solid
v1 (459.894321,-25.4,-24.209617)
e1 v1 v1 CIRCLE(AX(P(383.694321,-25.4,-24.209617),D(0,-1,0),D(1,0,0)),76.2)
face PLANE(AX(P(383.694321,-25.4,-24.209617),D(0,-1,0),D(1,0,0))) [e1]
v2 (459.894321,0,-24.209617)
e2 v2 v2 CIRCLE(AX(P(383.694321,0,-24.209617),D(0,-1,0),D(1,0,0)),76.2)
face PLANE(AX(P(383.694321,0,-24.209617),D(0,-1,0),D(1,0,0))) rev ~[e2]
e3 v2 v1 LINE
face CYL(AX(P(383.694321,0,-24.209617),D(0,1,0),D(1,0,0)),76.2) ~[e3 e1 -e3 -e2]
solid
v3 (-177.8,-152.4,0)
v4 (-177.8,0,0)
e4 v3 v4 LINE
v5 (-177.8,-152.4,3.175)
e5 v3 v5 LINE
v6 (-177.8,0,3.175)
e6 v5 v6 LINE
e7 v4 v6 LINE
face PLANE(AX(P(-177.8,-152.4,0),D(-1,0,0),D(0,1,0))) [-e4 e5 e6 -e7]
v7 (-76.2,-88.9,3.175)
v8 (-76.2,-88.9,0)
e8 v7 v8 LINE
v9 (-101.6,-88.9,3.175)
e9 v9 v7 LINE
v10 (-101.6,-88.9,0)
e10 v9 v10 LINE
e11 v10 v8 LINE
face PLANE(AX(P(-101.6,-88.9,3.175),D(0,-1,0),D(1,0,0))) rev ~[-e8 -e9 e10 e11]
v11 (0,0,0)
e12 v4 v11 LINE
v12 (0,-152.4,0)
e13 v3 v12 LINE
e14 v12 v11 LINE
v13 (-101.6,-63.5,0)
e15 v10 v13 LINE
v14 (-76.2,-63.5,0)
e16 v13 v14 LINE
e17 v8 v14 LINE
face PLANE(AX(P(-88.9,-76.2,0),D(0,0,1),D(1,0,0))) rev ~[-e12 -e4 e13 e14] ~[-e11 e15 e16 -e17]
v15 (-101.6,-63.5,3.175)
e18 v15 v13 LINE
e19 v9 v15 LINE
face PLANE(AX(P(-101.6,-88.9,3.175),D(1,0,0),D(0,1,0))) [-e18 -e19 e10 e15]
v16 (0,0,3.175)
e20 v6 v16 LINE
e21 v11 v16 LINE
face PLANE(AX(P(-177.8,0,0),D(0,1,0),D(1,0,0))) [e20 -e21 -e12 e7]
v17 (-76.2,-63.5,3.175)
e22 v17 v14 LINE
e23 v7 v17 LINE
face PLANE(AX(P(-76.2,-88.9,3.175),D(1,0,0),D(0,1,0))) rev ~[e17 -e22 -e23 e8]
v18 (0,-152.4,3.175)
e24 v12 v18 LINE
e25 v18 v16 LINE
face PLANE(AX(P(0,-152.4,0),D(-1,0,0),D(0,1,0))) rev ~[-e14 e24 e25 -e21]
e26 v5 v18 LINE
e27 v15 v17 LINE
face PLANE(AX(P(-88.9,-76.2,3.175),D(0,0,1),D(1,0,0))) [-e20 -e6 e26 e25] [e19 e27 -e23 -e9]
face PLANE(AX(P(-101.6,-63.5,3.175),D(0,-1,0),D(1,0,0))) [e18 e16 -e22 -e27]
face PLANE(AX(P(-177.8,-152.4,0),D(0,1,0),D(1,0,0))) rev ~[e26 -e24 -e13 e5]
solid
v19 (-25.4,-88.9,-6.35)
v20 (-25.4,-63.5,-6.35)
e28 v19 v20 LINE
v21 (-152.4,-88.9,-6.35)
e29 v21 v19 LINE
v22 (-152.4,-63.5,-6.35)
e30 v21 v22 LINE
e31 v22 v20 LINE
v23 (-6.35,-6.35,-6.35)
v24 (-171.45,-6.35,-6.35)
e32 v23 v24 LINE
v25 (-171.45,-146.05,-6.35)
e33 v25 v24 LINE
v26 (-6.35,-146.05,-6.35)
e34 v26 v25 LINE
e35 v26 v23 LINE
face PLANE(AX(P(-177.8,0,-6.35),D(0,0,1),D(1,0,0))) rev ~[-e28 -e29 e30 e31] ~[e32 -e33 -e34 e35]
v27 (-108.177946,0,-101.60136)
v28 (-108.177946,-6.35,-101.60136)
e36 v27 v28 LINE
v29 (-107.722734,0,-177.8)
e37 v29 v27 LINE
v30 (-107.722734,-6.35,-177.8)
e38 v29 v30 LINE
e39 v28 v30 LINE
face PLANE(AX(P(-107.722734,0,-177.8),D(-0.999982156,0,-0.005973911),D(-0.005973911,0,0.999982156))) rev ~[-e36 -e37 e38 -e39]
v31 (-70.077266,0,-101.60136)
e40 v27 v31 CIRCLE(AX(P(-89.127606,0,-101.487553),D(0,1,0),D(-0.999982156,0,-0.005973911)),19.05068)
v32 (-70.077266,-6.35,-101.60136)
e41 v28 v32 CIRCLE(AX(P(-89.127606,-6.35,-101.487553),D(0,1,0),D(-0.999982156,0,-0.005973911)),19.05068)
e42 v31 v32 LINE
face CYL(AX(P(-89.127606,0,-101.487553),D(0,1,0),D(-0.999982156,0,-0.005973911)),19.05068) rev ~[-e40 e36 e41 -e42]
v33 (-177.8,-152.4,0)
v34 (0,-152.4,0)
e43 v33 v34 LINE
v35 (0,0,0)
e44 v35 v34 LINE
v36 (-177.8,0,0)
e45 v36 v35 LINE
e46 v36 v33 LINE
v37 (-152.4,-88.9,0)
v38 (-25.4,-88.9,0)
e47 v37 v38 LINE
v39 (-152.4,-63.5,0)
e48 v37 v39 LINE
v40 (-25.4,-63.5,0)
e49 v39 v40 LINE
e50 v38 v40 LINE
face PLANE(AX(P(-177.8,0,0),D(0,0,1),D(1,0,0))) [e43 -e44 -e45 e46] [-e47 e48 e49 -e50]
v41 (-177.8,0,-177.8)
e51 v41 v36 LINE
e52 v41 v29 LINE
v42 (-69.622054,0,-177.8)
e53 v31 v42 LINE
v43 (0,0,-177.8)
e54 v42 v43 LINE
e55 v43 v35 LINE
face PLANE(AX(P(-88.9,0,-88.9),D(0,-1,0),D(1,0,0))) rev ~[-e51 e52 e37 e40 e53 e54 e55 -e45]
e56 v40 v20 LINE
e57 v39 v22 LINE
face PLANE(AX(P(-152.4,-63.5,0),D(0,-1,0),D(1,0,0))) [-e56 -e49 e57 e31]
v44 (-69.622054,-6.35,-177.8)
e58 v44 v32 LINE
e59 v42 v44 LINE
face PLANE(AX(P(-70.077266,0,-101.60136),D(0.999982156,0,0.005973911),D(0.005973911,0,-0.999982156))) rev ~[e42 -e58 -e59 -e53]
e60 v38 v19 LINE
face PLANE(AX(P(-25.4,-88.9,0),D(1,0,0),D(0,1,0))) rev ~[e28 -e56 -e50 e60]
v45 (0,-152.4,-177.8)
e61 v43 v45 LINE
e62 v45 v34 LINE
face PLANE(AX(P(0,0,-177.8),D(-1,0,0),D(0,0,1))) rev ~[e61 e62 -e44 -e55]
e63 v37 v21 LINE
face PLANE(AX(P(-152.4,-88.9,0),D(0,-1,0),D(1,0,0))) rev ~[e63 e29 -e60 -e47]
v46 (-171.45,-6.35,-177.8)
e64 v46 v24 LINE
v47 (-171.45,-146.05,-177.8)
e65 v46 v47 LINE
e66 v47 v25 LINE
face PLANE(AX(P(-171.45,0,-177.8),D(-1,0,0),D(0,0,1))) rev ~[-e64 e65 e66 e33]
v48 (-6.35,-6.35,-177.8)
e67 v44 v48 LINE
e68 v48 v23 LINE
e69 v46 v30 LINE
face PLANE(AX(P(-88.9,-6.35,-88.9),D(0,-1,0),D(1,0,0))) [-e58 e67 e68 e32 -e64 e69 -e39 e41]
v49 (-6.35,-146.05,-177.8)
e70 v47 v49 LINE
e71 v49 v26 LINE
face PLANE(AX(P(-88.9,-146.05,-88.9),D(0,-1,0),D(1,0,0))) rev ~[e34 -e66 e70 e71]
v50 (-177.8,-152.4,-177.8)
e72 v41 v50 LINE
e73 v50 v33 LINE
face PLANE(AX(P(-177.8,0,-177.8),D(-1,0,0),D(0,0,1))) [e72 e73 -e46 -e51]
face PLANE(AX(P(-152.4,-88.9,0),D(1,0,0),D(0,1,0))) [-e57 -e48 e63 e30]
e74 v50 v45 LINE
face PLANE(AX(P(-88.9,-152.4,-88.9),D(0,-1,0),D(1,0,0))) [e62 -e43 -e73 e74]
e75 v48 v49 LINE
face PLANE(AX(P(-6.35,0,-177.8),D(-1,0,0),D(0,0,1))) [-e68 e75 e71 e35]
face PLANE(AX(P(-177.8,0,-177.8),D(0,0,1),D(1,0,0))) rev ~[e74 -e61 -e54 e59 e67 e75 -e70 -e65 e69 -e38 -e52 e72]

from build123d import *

# Parameters (mm, degrees)
F0_W      = 177.8
F0_H      = 177.8
F1_DEPTH  = 152.4
F2_T      = -6.35
F4_DEPTH  = 25.4
F5_R      = 76.2
F6_DEPTH  = 25.4
F7_W      = 127
F7_H      = 25.4
F8_DEPTH  = 25.4
F9_W      = 177.8
F9_H      = 152.4
F10_DEPTH = 3.175
F11_W     = 25.4
F11_H     = 25.4
F12_DEPTH = 25.4


with BuildPart() as f1:
    # F0 (on Front) → F1 (new body)
    with BuildSketch(Plane.XZ):
        with Locations((-88.9, -88.9)):
            Rectangle(F0_W, F0_H)
    extrude(amount=F1_DEPTH)

    # F2
    f2_openings = [f1.faces().sort_by_distance(p)[0] for p in [
        (-88.9, -76.2, -177.8),
    ]]
    offset(amount=F2_T, openings=f2_openings)

    # F3 (on face) → F4 (cut)
    with BuildSketch(Plane(origin=(0, 0, 0), x_dir=(-1, 0, 0), z_dir=(0, 1, 0))):
        with BuildLine():
            Line((70.077266, -101.60136), (69.622054, -177.8))
            Line((69.622054, -177.8), (107.722734, -177.8))
            Line((107.722734, -177.8), (108.177946, -101.60136))
            ThreePointArc((108.177946, -101.60136), (89.127606, -82.436873), (70.077266, -101.60136))
        make_face()
    extrude(amount=-F4_DEPTH, mode=Mode.SUBTRACT)

    # F7 (on face) → F8 (cut)
    with BuildSketch(Plane.XY):
        with Locations((-88.9, -76.2)):
            Rectangle(F7_W, F7_H)
    extrude(amount=-F8_DEPTH, mode=Mode.SUBTRACT)


with BuildPart() as f6:
    # F5 (on Front) → F6 (new body)
    with BuildSketch(Plane.XZ):
        with Locations((383.694321, -24.209617)):
            Circle(F5_R)
    extrude(amount=F6_DEPTH)


with BuildPart() as f10:
    # F9 (on face) → F10 (new body)
    with BuildSketch(Plane.XY):
        with Locations((-88.9, -76.2)):
            Rectangle(F9_W, F9_H)
    extrude(amount=F10_DEPTH)

    # F11 (on face) → F12 (cut)
    with BuildSketch(Plane.XY.offset(3.175)):
        with Locations((-88.9, -76.2)):
            Rectangle(F11_W, F11_H)
    extrude(amount=-F12_DEPTH, mode=Mode.SUBTRACT)


solid = Compound([f1.part, f6.part, f10.part])
